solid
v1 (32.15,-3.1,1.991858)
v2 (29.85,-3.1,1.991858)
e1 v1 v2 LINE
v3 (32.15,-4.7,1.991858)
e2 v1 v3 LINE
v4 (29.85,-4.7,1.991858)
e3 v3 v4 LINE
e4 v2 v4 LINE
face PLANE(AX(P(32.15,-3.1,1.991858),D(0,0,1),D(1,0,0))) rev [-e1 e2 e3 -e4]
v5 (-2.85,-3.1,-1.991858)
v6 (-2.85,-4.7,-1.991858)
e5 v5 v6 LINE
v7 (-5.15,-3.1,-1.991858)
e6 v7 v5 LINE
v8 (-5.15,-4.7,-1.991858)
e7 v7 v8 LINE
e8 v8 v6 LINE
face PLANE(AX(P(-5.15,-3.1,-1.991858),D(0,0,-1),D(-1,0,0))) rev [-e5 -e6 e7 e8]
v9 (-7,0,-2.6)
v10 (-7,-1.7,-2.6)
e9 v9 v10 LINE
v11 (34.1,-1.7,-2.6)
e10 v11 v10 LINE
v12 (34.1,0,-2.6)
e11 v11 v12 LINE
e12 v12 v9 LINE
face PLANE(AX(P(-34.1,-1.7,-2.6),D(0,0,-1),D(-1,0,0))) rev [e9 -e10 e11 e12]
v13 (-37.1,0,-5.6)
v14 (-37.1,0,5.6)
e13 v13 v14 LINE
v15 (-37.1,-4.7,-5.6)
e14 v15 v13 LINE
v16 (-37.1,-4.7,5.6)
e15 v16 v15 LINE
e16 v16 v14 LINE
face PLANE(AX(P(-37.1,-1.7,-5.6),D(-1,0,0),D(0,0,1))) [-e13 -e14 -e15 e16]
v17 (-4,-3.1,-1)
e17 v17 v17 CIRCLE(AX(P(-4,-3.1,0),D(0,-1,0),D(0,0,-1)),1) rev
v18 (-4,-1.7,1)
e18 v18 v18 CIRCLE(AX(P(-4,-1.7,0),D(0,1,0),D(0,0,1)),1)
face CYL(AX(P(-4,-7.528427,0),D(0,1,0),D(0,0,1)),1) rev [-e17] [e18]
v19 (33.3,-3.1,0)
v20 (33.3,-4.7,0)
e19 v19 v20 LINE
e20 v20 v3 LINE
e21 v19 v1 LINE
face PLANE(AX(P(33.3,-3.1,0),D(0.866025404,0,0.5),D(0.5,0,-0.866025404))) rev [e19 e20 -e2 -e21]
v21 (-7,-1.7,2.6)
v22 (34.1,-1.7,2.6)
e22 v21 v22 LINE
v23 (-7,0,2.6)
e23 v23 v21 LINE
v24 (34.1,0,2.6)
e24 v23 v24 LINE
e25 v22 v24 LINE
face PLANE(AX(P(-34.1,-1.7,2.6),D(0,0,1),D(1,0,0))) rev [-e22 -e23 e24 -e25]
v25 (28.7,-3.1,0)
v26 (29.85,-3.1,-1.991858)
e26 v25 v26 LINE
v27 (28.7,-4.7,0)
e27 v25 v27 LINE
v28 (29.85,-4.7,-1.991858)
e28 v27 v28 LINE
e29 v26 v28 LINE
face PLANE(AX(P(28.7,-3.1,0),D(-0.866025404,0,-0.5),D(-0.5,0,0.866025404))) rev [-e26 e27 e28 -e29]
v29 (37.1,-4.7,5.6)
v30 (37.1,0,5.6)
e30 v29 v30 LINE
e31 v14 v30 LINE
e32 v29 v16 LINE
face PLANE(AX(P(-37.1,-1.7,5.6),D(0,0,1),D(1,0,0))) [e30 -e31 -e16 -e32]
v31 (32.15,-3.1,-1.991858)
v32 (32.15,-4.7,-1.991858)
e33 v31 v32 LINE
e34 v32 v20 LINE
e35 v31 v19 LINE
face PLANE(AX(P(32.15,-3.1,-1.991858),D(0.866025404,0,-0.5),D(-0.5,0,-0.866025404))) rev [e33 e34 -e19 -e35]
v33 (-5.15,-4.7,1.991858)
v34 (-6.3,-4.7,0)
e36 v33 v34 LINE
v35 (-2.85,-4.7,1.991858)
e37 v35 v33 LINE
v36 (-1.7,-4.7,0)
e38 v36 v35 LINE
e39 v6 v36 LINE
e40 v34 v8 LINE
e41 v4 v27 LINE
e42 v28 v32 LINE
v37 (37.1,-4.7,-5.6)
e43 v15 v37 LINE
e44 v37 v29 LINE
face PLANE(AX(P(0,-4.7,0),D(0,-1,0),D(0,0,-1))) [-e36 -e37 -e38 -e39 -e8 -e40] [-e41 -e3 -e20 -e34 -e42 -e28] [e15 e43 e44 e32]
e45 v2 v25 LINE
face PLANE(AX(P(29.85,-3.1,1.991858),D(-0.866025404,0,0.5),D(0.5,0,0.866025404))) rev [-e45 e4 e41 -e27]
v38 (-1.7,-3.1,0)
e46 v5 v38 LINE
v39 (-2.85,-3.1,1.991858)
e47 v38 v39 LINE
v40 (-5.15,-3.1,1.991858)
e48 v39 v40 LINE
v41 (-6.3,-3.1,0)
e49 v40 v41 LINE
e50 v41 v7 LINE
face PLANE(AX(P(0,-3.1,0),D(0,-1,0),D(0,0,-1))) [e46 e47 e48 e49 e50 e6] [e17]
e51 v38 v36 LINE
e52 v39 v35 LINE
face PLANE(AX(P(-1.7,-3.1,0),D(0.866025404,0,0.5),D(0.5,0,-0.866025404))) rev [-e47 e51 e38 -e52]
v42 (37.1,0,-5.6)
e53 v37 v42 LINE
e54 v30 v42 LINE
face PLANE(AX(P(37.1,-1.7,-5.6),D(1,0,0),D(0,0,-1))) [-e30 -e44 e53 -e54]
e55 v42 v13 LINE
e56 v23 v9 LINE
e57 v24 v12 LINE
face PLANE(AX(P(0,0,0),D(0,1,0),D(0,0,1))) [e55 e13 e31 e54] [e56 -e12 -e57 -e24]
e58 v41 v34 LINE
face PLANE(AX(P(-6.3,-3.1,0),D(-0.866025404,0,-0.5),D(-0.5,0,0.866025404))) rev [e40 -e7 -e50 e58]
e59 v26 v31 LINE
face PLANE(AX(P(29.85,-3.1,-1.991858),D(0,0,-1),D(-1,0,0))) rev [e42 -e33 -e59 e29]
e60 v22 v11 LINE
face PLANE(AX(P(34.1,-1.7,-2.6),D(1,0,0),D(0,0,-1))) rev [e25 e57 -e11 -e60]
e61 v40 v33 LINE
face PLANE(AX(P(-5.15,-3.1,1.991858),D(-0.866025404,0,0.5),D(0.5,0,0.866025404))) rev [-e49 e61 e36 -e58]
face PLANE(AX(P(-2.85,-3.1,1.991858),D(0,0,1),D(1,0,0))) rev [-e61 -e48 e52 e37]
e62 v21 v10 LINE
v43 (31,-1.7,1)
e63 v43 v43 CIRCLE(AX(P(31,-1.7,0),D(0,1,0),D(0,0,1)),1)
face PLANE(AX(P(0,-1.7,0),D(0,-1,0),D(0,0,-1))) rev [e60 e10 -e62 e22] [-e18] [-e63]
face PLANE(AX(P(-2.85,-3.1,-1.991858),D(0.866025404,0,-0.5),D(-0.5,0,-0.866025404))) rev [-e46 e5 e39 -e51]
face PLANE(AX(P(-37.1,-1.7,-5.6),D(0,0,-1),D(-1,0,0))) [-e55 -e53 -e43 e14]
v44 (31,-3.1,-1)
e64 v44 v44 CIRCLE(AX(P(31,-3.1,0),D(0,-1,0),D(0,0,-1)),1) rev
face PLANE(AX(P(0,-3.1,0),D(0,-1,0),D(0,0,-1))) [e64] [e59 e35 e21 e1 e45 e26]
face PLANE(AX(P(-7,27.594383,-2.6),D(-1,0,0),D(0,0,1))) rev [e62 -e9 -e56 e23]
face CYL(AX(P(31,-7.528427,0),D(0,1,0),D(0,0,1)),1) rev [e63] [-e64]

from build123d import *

# Parameters (mm, degrees)
SKETCH1_W           = 74.2
SKETCH1_H           = 11.2
SKETCH1_W_2         = 68.2
SKETCH1_H_2         = 5.2
BOSS_EXTRUDE1_DEPTH = 1.7
SKETCH2_W           = 74.2
SKETCH2_H           = 11.2
BOSS_EXTRUDE2_DEPTH = 3
SKETCH5_R           = 1
CUT_EXTRUDE1_DEPTH  = 3
CUT_EXTRUDE2_DEPTH  = 1.6
SKETCH8_W           = 27.1
SKETCH8_H           = 5.2
BOSS_EXTRUDE3_DEPTH = 1.7


with BuildPart() as part:
    # Sketch1 → Boss-Extrude1 (new body)
    with BuildSketch(Plane(origin=(0, 0, 0), x_dir=(1, 0, 0), z_dir=(0, 1, 0))):
        Rectangle(SKETCH1_W, SKETCH1_H)
        Rectangle(SKETCH1_W_2, SKETCH1_H_2, mode=Mode.SUBTRACT)
    extrude(amount=-BOSS_EXTRUDE1_DEPTH)

    # Sketch2 → Boss-Extrude2 (add)
    with BuildSketch(Plane.XZ.offset(1.7)):
        Rectangle(SKETCH2_W, SKETCH2_H)
    extrude(amount=BOSS_EXTRUDE2_DEPTH)

    # Sketch5 → Cut-Extrude1 (cut)
    with BuildSketch(Plane(origin=(0, -1.7, 0), x_dir=(1, 0, 0), z_dir=(0, 1, 0))):
        with Locations(Location((-4, 0, 0), (0, 0, 270))):
            Circle(SKETCH5_R)
        with Locations(Location((31, 0, 0), (0, 0, 270))):
            Circle(SKETCH5_R)
    extrude(amount=-CUT_EXTRUDE1_DEPTH, mode=Mode.SUBTRACT)

    # Sketch7 → Cut-Extrude2 (cut)
    with BuildSketch(Plane.XZ.offset(4.7)):
        Polygon((-5.15, 1.991858429), (-6.3, 0), (-5.15, -1.991858429), (-2.85, -1.991858429), (-1.7, 0), (-2.85, 1.991858429), align=None)
        Polygon((33.3, 0), (32.15, 1.991858429), (29.85, 1.991858429), (28.7, 0), (29.85, -1.991858429), (32.15, -1.991858429), align=None)
    extrude(amount=-CUT_EXTRUDE2_DEPTH, mode=Mode.SUBTRACT)

    # Sketch8 → Boss-Extrude3 (add)
    with BuildSketch(Plane(origin=(0, -1.7, 0), x_dir=(1, 0, 0), z_dir=(0, 1, 0))):
        with Locations((-20.55, 0)):
            Rectangle(SKETCH8_W, SKETCH8_H)
    extrude(amount=BOSS_EXTRUDE3_DEPTH)


solid = part.part
